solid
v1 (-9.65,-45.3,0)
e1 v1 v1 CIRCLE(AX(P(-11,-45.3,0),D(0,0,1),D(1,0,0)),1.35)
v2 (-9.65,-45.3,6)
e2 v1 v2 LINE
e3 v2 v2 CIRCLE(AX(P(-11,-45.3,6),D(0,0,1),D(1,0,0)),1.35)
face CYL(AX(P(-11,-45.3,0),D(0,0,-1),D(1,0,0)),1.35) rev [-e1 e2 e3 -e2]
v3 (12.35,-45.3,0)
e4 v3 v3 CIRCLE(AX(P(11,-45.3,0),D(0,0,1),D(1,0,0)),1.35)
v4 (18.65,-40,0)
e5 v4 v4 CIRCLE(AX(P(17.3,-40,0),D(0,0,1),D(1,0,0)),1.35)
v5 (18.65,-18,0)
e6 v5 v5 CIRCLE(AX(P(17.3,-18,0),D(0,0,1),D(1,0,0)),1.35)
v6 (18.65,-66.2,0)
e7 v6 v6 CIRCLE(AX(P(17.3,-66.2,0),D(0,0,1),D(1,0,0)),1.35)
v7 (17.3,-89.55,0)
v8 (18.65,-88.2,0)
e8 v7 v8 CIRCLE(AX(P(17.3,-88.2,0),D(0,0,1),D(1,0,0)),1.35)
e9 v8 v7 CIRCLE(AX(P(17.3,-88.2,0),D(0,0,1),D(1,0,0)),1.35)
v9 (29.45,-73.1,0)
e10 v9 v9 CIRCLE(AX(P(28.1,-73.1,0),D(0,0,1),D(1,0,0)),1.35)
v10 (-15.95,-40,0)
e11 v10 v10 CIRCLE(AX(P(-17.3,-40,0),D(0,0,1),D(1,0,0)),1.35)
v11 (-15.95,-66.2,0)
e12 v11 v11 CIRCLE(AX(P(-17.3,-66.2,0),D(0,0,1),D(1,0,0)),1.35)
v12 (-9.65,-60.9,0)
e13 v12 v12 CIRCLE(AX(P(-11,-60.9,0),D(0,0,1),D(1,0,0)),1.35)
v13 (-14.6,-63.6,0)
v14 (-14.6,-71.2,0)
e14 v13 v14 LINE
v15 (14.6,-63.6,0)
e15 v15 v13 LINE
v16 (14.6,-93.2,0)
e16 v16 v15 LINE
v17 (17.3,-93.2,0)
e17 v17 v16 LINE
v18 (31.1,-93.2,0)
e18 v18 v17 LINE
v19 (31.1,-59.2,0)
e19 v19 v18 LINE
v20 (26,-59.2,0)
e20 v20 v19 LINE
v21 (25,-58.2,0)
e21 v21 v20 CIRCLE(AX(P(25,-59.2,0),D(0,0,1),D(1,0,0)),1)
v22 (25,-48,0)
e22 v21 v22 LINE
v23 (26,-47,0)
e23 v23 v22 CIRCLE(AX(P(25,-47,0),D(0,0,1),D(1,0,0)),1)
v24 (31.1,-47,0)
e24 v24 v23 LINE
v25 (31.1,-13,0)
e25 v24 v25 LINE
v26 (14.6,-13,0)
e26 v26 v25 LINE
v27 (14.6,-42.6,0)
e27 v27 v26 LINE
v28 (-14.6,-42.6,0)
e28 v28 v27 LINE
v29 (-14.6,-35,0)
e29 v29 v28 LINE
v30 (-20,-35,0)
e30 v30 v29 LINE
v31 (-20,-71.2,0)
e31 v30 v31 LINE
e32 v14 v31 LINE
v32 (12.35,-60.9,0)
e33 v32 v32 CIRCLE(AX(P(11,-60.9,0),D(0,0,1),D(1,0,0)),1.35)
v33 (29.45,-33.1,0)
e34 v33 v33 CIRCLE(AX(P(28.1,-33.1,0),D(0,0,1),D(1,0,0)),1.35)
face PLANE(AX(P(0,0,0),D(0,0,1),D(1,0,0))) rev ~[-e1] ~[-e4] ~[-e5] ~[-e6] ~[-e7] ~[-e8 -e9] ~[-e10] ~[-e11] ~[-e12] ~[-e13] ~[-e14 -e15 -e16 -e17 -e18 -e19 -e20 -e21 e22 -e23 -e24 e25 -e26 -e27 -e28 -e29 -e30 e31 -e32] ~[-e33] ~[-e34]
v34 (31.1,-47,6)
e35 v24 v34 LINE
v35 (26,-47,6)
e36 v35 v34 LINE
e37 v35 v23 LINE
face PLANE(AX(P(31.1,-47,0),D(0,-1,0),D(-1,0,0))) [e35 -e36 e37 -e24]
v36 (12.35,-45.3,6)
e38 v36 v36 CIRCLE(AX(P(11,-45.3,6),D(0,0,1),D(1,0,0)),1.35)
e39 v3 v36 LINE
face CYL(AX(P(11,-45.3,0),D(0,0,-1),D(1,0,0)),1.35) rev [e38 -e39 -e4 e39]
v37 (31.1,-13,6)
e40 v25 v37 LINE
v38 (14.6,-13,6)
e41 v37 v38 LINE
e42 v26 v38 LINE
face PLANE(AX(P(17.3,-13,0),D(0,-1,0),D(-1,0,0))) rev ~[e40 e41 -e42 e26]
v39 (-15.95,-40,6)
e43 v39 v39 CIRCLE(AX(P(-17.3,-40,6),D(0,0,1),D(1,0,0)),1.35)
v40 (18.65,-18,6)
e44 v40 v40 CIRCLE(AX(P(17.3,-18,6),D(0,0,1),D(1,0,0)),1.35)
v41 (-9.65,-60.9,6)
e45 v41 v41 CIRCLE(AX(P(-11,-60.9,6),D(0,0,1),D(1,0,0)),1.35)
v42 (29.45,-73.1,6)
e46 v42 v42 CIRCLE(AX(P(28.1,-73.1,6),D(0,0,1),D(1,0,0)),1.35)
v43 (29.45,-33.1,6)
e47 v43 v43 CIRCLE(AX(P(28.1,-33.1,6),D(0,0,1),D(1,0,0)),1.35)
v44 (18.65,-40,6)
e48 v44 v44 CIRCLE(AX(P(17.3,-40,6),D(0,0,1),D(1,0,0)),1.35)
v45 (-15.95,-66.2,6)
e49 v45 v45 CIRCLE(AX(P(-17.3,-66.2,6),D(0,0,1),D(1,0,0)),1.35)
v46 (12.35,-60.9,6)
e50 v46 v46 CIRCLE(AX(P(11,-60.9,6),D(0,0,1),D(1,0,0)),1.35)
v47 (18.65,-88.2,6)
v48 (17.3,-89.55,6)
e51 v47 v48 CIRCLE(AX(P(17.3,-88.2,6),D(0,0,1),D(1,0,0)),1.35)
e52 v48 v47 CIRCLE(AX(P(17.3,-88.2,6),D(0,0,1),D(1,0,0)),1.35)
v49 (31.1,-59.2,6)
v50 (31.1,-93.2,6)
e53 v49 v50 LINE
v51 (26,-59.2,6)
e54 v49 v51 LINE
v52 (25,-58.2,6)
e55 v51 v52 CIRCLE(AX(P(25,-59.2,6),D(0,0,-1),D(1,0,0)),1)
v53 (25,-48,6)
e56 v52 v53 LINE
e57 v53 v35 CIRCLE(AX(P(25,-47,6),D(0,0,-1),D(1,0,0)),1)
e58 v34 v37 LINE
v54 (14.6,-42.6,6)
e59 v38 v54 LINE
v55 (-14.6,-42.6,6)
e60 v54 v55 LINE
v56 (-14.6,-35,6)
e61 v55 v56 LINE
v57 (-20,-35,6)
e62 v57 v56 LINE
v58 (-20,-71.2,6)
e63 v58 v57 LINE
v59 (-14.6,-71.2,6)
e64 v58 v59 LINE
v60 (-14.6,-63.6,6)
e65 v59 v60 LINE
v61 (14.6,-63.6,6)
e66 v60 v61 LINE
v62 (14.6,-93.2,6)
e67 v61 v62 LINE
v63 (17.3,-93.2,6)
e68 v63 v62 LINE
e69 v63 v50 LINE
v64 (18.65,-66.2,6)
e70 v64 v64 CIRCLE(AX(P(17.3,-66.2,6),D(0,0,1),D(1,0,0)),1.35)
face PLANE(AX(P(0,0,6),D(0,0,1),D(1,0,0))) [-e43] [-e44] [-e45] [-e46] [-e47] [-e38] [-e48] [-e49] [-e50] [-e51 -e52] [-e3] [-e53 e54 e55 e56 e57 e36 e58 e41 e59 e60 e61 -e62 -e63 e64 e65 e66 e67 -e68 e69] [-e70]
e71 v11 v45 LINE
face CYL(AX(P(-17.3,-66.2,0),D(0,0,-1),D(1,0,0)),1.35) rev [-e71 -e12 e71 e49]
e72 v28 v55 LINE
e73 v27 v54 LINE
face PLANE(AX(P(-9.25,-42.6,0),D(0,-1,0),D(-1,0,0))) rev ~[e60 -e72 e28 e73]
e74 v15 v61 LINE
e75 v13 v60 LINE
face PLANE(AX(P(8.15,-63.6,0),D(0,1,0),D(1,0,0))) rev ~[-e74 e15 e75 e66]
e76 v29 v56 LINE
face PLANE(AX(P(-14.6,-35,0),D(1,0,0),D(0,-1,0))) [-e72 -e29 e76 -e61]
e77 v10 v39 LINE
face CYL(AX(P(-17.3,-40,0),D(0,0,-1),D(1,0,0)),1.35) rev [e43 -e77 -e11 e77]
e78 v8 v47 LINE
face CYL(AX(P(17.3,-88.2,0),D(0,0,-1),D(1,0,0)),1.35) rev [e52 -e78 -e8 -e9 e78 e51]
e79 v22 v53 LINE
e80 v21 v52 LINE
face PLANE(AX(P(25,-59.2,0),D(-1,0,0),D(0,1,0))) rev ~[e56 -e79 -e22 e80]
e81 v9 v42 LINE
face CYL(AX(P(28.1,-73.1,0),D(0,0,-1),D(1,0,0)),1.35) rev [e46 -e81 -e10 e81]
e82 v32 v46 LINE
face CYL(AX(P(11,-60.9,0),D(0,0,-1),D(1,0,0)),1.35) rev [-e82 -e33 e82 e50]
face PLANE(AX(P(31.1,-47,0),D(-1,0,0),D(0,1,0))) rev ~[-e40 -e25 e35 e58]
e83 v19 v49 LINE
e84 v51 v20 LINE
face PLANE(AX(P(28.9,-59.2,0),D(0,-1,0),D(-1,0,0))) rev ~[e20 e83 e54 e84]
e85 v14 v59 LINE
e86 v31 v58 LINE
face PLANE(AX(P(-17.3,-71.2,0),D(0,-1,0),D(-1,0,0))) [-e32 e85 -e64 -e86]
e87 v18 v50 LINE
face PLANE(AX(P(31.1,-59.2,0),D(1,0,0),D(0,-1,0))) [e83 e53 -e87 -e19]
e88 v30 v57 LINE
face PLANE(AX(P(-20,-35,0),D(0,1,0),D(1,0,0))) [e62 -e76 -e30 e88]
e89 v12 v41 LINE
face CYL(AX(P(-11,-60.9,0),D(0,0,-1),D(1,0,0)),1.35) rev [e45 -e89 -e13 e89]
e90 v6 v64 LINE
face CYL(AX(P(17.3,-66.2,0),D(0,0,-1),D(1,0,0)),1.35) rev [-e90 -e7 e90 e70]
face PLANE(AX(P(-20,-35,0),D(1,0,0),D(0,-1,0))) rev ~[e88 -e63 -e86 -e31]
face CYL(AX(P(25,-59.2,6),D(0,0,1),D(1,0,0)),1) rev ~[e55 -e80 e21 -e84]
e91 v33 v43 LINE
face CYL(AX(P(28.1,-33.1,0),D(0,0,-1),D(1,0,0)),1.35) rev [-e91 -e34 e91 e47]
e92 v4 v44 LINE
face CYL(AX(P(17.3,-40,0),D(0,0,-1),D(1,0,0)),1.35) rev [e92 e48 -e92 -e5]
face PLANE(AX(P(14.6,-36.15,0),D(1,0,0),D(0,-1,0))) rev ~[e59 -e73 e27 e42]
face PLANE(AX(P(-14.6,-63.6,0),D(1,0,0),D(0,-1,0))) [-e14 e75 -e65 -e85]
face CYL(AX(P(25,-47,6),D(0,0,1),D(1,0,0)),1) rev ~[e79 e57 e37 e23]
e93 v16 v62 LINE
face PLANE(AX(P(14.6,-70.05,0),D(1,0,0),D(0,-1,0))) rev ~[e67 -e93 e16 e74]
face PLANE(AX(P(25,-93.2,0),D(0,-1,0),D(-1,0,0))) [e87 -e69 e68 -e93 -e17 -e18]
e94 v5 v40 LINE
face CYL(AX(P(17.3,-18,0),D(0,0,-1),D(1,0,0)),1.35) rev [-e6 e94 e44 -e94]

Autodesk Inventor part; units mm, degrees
ref_plane "YZ Plane" through (0, 0, 0) normal (1, 0, 0) x (0, 1, 0)
ref_plane "XZ Plane" through (0, 0, 0) normal (0, 1, 0) x (-1, 0, 0)
ref_plane "XY Plane" through (0, 0, 0) normal (0, 0, 1) x (1, 0, 0)
ref_plane "작업 평면1" through (0, 0, 0) normal (0, 0, 1) x (1, 0, 0)
sketch "스케치1" plane through (0, 0, 0) normal (0, 0, 1) x (1, 0, 0)
  arc A0 (-19.5808, 6.2636) -> (-20.1, 4.5766) centre (-17.1, 4.5766) ccw projected
  line L0 (-20.1, -39.6766) -> (-20.1, 4.5766) projected
  arc A1 (-20.1, -39.6766) -> (-19.5808, -41.3636) centre (-17.1, -39.6766) ccw projected
  line L1 (-15.8929, -46.7869) -> (-19.5808, -41.3636) projected
  arc A2 (-15.8929, -46.7869) -> (-13.4121, -48.1) centre (-13.4121, -45.1) ccw projected
  line L2 (13.4121, -48.1) -> (-13.4121, -48.1) projected
  arc A3 (13.4121, -48.1) -> (15.8929, -46.7869) centre (13.4121, -45.1) ccw projected
  line L3 (19.5808, -41.3636) -> (15.8929, -46.7869) projected
  arc A4 (19.5808, -41.3636) -> (20.1, -39.6766) centre (17.1, -39.6766) ccw projected
  line L4 (20.1, 4.5766) -> (20.1, -39.6766) projected
  arc A5 (20.1, 4.5766) -> (19.5808, 6.2636) centre (17.1, 4.5766) ccw projected
  line L5 (15.5953, 12.1246) -> (19.5808, 6.2636) projected
  arc A6 (15.5953, 12.1246) -> (13.9414, 13) centre (13.9414, 11) ccw projected
  line L6 (7.65, 13) -> (13.9414, 13) projected
  arc A7 (9.15, 11.5) -> (7.65, 13) centre (7.65, 11.5) ccw projected
  line L7 (9.15, 11.5) -> (9.15, 10) projected
  arc A8 (9.15, 10) -> (11.5, 7.65) centre (11.5, 10) ccw projected
  line L8 (11.5, 7.65) -> (13.5, 7.65) projected
  arc A9 (14.5, 6.65) -> (13.5, 7.65) centre (13.5, 6.65) ccw projected
  line L9 (14.5, 6.65) -> (14.5, -36.15) projected
  arc A10 (13.5, -37.15) -> (14.5, -36.15) centre (13.5, -36.15) ccw projected
  line L10 (13.5, -37.15) -> (11.5, -37.15) projected
  arc A11 (11.5, -37.15) -> (9.15, -39.5) centre (11.5, -39.5) ccw projected
  line L11 (9.15, -39.5) -> (9.15, -41.5) projected
  arc A12 (8.15, -42.5) -> (9.15, -41.5) centre (8.15, -41.5) ccw projected
  line L12 (8.15, -42.5) -> (-8.15, -42.5) projected
  arc A13 (-9.15, -41.5) -> (-8.15, -42.5) centre (-8.15, -41.5) ccw projected
  line L13 (-9.15, -41.5) -> (-9.15, -39.5) projected
  arc A14 (-9.15, -39.5) -> (-11.5, -37.15) centre (-11.5, -39.5) ccw projected
  line L14 (-11.5, -37.15) -> (-13.5, -37.15) projected
  arc A15 (-14.5, -36.15) -> (-13.5, -37.15) centre (-13.5, -36.15) ccw projected
  line L15 (-14.5, -36.15) -> (-14.5, 6.65) projected
  arc A16 (-13.5, 7.65) -> (-14.5, 6.65) centre (-13.5, 6.65) ccw projected
  line L16 (-13.5, 7.65) -> (-11.5, 7.65) projected
  arc A17 (-11.5, 7.65) -> (-9.15, 10) centre (-11.5, 10) ccw projected
  line L17 (-9.15, 10) -> (-9.15, 11.5) projected
  arc A18 (-7.65, 13) -> (-9.15, 11.5) centre (-7.65, 11.5) ccw projected
  line L18 (-13.9414, 13) -> (-7.65, 13) projected
  arc A19 (-13.9414, 13) -> (-15.5953, 12.1246) centre (-13.9414, 11) ccw projected
  line L19 (-19.5808, 6.2636) -> (-15.5953, 12.1246) projected
  circle A20 centre (17.3, 4) radius 1.35 projected
  circle A21 centre (17.3, -18) radius 1.35 projected
  circle A22 centre (11, -45.3) radius 1.35 projected
  circle A23 centre (-17.3, 4) radius 1.35 projected
  circle A24 centre (-17.3, -18) radius 1.35 projected
  circle A25 centre (-11, -45.3) radius 1.35 projected
  circle A26 centre (17.3, -40) radius 1.35 projected
  circle A27 centre (-17.3, -40) radius 1.35 projected
  arc A28 (19.5808, -112.4636) -> (20.1, -110.7766) centre (17.1, -110.7766) ccw projected
  line L20 (20.1, -66.5234) -> (20.1, -110.7766) projected
  arc A29 (20.1, -66.5234) -> (19.5808, -64.8364) centre (17.1, -66.5234) ccw projected
  line L21 (15.8929, -59.4131) -> (19.5808, -64.8364) projected
  arc A30 (15.8929, -59.4131) -> (13.4121, -58.1) centre (13.4121, -61.1) ccw projected
  line L22 (-13.4121, -58.1) -> (13.4121, -58.1) projected
  arc A31 (-13.4121, -58.1) -> (-15.8929, -59.4131) centre (-13.4121, -61.1) ccw projected
  line L23 (-19.5808, -64.8364) -> (-15.8929, -59.4131) projected
  arc A32 (-19.5808, -64.8364) -> (-20.1, -66.5234) centre (-17.1, -66.5234) ccw projected
  line L24 (-20.1, -110.7766) -> (-20.1, -66.5234) projected
  arc A33 (-20.1, -110.7766) -> (-19.5808, -112.4636) centre (-17.1, -110.7766) ccw projected
  line L25 (-15.5953, -118.3246) -> (-19.5808, -112.4636) projected
  arc A34 (-15.5953, -118.3246) -> (-13.9414, -119.2) centre (-13.9414, -117.2) ccw projected
  line L26 (-7.65, -119.2) -> (-13.9414, -119.2) projected
  arc A35 (-9.15, -117.7) -> (-7.65, -119.2) centre (-7.65, -117.7) ccw projected
  line L27 (-9.15, -117.7) -> (-9.15, -116.2) projected
  arc A36 (-9.15, -116.2) -> (-11.5, -113.85) centre (-11.5, -116.2) ccw projected
  line L28 (-11.5, -113.85) -> (-13.5, -113.85) projected
  arc A37 (-14.5, -112.85) -> (-13.5, -113.85) centre (-13.5, -112.85) ccw projected
  line L29 (-14.5, -112.85) -> (-14.5, -70.05) projected
  arc A38 (-13.5, -69.05) -> (-14.5, -70.05) centre (-13.5, -70.05) ccw projected
  line L30 (-13.5, -69.05) -> (-11.5, -69.05) projected
  arc A39 (-11.5, -69.05) -> (-9.15, -66.7) centre (-11.5, -66.7) ccw projected
  line L31 (-9.15, -66.7) -> (-9.15, -64.7) projected
  arc A40 (-8.15, -63.7) -> (-9.15, -64.7) centre (-8.15, -64.7) ccw projected
  line L32 (-8.15, -63.7) -> (8.15, -63.7) projected
  arc A41 (9.15, -64.7) -> (8.15, -63.7) centre (8.15, -64.7) ccw projected
  line L33 (9.15, -64.7) -> (9.15, -66.7) projected
  arc A42 (9.15, -66.7) -> (11.5, -69.05) centre (11.5, -66.7) ccw projected
  line L34 (11.5, -69.05) -> (13.5, -69.05) projected
  arc A43 (14.5, -70.05) -> (13.5, -69.05) centre (13.5, -70.05) ccw projected
  line L35 (14.5, -70.05) -> (14.5, -112.85) projected
  arc A44 (13.5, -113.85) -> (14.5, -112.85) centre (13.5, -112.85) ccw projected
  line L36 (13.5, -113.85) -> (11.5, -113.85) projected
  arc A45 (11.5, -113.85) -> (9.15, -116.2) centre (11.5, -116.2) ccw projected
  line L37 (9.15, -116.2) -> (9.15, -117.7) projected
  arc A46 (7.65, -119.2) -> (9.15, -117.7) centre (7.65, -117.7) ccw projected
  line L38 (13.9414, -119.2) -> (7.65, -119.2) projected
  arc A47 (13.9414, -119.2) -> (15.5953, -118.3246) centre (13.9414, -117.2) ccw projected
  line L39 (19.5808, -112.4636) -> (15.5953, -118.3246) projected
  circle A48 centre (-17.3, -110.2) radius 1.35 projected
  circle A49 centre (-17.3, -88.2) radius 1.35 projected
  circle A50 centre (-11, -60.9) radius 1.35 projected
  circle A51 centre (17.3, -110.2) radius 1.35 projected
  circle A52 centre (17.3, -88.2) radius 1.35 projected
  circle A53 centre (11, -60.9) radius 1.35 projected
  circle A54 centre (-17.3, -66.2) radius 1.35 projected
  circle A55 centre (17.3, -66.2) radius 1.35 projected
  line L40 (14.6, -36.15) -> (14.6, 6.65)
  arc A56 (14.6, 6.65) -> (13.5, 7.75) centre (13.5, 6.65) ccw
  line L41 (13.5, 7.75) -> (11.5, 7.75)
  arc A57 (9.25, 10) -> (11.5, 7.75) centre (11.5, 10) ccw
  line L42 (9.25, 10) -> (9.25, 11.5)
  arc A58 (9.25, 11.5) -> (8.4246, 12.9) centre (7.65, 11.5) ccw
  line L43 (8.4246, 12.9) -> (13.9414, 12.9)
  arc A59 (15.5126, 12.0684) -> (13.9414, 12.9) centre (13.9414, 11) ccw
  line L44 (15.5126, 12.0684) -> (19.4981, 6.2073)
  arc A60 (20, 4.5766) -> (19.4981, 6.2073) centre (17.1, 4.5766) ccw
  line L45 (20, 4.5766) -> (20, -13)
  arc A61 (14.5, -47.7882) -> (14.6, -47.7455) centre (13.4121, -45.1) ccw
  arc A62 (-14.6, -47.7455) -> (-14.5, -47.7882) centre (-13.4121, -45.1) ccw
  line L46 (-20, -13) -> (-20, 4.5766)
  arc A63 (-19.4981, 6.2073) -> (-20, 4.5766) centre (-17.1, 4.5766) ccw
  line L47 (-19.4981, 6.2073) -> (-15.5126, 12.0684)
  arc A64 (-13.9414, 12.9) -> (-15.5126, 12.0684) centre (-13.9414, 11) ccw
  line L48 (-13.9414, 12.9) -> (-8.4246, 12.9)
  arc A65 (-8.4246, 12.9) -> (-9.25, 11.5) centre (-7.65, 11.5) ccw
  line L49 (-9.25, 11.5) -> (-9.25, 10)
  arc A66 (-11.5, 7.75) -> (-9.25, 10) centre (-11.5, 10) ccw
  line L50 (-11.5, 7.75) -> (-13.5, 7.75)
  arc A67 (-13.5, 7.75) -> (-14.6, 6.65) centre (-13.5, 6.65) ccw
  line L51 (-14.6, 6.65) -> (-14.6, -36.15)
  arc A68 (-14.6, -36.15) -> (-13.5, -37.25) centre (-13.5, -36.15) ccw
  line L52 (-13.5, -37.25) -> (-11.5, -37.25)
  arc A69 (-9.25, -39.5) -> (-11.5, -37.25) centre (-11.5, -39.5) ccw
  line L53 (-9.25, -39.5) -> (-9.25, -41.5)
  arc A70 (-9.25, -41.5) -> (-8.15, -42.6) centre (-8.15, -41.5) ccw
  line L54 (-8.15, -42.6) -> (8.15, -42.6)
  arc A71 (8.15, -42.6) -> (9.25, -41.5) centre (8.15, -41.5) ccw
  line L55 (9.25, -41.5) -> (9.25, -39.5)
  arc A72 (11.5, -37.25) -> (9.25, -39.5) centre (11.5, -39.5) ccw
  line L56 (11.5, -37.25) -> (13.5, -37.25)
  arc A73 (13.5, -37.25) -> (14.6, -36.15) centre (13.5, -36.15) ccw
  line L57 (17.3, -88.2) -> (17.3, -93.2)
  line L58 (17.3, -93.2) -> (20, -93.2)
  line L59 (17.3, -13) -> (20, -13)
  line L60 (17.3, -13) -> (14.6, -13)
  line L61 (17.3, -93.2) -> (14.6, -93.2)
  line L62 (14.6, -13) -> (14.6, -93.2)
  line L63 (20, -13) -> (30, -13)
  line L64 (25, -93.2) -> (20, -93.2)
  circle A74 centre (17.3, -18) radius 1.35
  circle A75 centre (17.3, -40) radius 1.35
  circle A76 centre (17.3, -66.2) radius 1.35
  circle A77 centre (17.3, -88.2) radius 1.35
  line L65 (-14.6, -13) -> (-14.6, -93.2)
  line L66 (14.6, -93.2) -> (14.5, -93.2)
  line L67 (-14.6, -93.2) -> (-20.1, -93.2)
  line L68 (-14.6, -13) -> (-14.5, -13) construction
  line L69 (14.5, -13) -> (65.6, -13) construction
  line L70 (14.6, -13) -> (14.5, -13)
  line L71 (-14.5, -13) -> (-20, -13)
  line L72 (-20, -13) -> (-20.1, -13)
  line L73 (-20.1, -93.2) -> (-20, -93.2)
  circle A78 centre (-17.3, -18) radius 1.35
  circle A79 centre (-17.3, -40) radius 1.35
  circle A80 centre (-17.3, -88.2) radius 1.35
  line L74 (30, -13) -> (35, -13)
  line L75 (35, -13) -> (35, -93.2)
  line L76 (35, -93.2) -> (30, -93.2)
  line L77 (30, -26.0412) -> (30, -25.8633)
  line L78 (30, -25.8633) -> (30, -26.0412)
  line L79 (30, -37.25) -> (30, -37.15)
  line L80 (30, -37.15) -> (30, -37.25)
  line L81 (30, -42.5) -> (30, -42.6)
  line L82 (30, -48) -> (30, -48.1)
  line L83 (35, -47) -> (28.9, -47)
  line L84 (28.9, -59.2) -> (35, -59.2)
  line L85 (35, -59.2) -> (35, -47)
  line L86 (25, -93.2) -> (25, -13)
  line L87 (25, -47) -> (31.1, -47)
  line L88 (31.1, -47) -> (31.1, -59.2)
  line L89 (31.1, -59.2) -> (25, -59.2)
  line L90 (25, -59.2) -> (25, -47)
  line L91 (31.1, -47) -> (31.1, -13)
  line L92 (31.1, -59.2) -> (31.1, -93.2)
  line L93 (25, -93.2) -> (30, -93.2)
  circle A81 centre (28.1, -33.1) radius 1.35
  circle A82 centre (28.1, -73.1) radius 1.35
  line L94 (8.15, -42.6) -> (14.6, -42.6)
  line L95 (8.15, -63.6) -> (-8.15, -63.6)
  arc A83 (-8.15, -63.6) -> (-9.25, -64.7) centre (-8.15, -64.7) ccw
  line L96 (-9.25, -64.7) -> (-9.25, -66.7)
  arc A84 (-11.5, -68.95) -> (-9.25, -66.7) centre (-11.5, -66.7) ccw
  line L97 (-11.5, -68.95) -> (-13.5, -68.95)
  arc A85 (-13.5, -68.95) -> (-14.6, -70.05) centre (-13.5, -70.05) ccw
  line L98 (-14.6, -70.05) -> (-14.6, -112.85)
  arc A86 (-14.6, -112.85) -> (-13.5, -113.95) centre (-13.5, -112.85) ccw
  line L99 (-13.5, -113.95) -> (-11.5, -113.95)
  arc A87 (-9.25, -116.2) -> (-11.5, -113.95) centre (-11.5, -116.2) ccw
  line L100 (-9.25, -116.2) -> (-9.25, -117.7)
  arc A88 (-9.25, -117.7) -> (-8.4246, -119.1) centre (-7.65, -117.7) ccw
  line L101 (-8.4246, -119.1) -> (-13.9414, -119.1)
  arc A89 (-15.5126, -118.2684) -> (-13.9414, -119.1) centre (-13.9414, -117.2) ccw
  line L102 (-15.5126, -118.2684) -> (-19.4981, -112.4073)
  arc A90 (-20, -110.7766) -> (-19.4981, -112.4073) centre (-17.1, -110.7766) ccw
  line L103 (-20, -110.7766) -> (-20, -66.5234)
  arc A91 (15.8102, -59.4693) -> (14.6, -58.4545) centre (13.4121, -61.1) ccw
  line L104 (15.8102, -59.4693) -> (19.4981, -64.8927)
  arc A92 (20, -66.5234) -> (19.4981, -64.8927) centre (17.1, -66.5234) ccw
  line L105 (20, -66.5234) -> (20, -110.7766)
  arc A93 (19.4981, -112.4073) -> (20, -110.7766) centre (17.1, -110.7766) ccw
  line L106 (19.4981, -112.4073) -> (15.5126, -118.2684)
  arc A94 (13.9414, -119.1) -> (15.5126, -118.2684) centre (13.9414, -117.2) ccw
  line L107 (13.9414, -119.1) -> (8.4246, -119.1)
  arc A95 (8.4246, -119.1) -> (9.25, -117.7) centre (7.65, -117.7) ccw
  line L108 (9.25, -117.7) -> (9.25, -116.2)
  arc A96 (11.5, -113.95) -> (9.25, -116.2) centre (11.5, -116.2) ccw
  line L109 (11.5, -113.95) -> (13.5, -113.95)
  arc A97 (13.5, -113.95) -> (14.6, -112.85) centre (13.5, -112.85) ccw
  line L110 (14.6, -112.85) -> (14.6, -70.05)
  arc A98 (14.6, -70.05) -> (13.5, -68.95) centre (13.5, -70.05) ccw
  line L111 (13.5, -68.95) -> (11.5, -68.95)
  arc A99 (9.25, -66.7) -> (11.5, -68.95) centre (11.5, -66.7) ccw
  line L112 (9.25, -66.7) -> (9.25, -64.7)
  arc A100 (9.25, -64.7) -> (8.15, -63.6) centre (8.15, -64.7) ccw
  line L113 (14.6, -42.6) -> (-9.25, -42.6)
  line L114 (-9.25, -63.6) -> (14.6, -63.6)
  line L115 (14.6, -63.6) -> (14.6, -42.6)
  circle A101 centre (11, -45.3) radius 1.35
  circle A102 centre (11, -60.9) radius 1.35
  circle A103 centre (-11, -45.3) radius 1.35
  circle A104 centre (-11, -60.9) radius 1.35
  line L116 (-9.25, -42.6) -> (-14.6, -42.6)
  line L117 (-14.6, -42.6) -> (-14.6, -63.6)
  line L118 (-14.6, -63.6) -> (-9.25, -63.6)
  line L119 (-20, -13) -> (-20, -93.2)
  circle A105 centre (-17.3, -66.2) radius 1.35
  line L120 (-20, -35) -> (-14.6, -35)
  line L121 (-17.3, -71.2) -> (-14.6, -71.2)
  line L122 (-17.3, -71.2) -> (-20, -71.2)
  point P0 (0, 0)
  point P1 (30, -93.2)
  point P2 (25, -13)
  point P3 (-8.15, -42.6)
  point P4 (-14.6, -42.6)
  dimension "d0" = 0.1
  dimension "d2" = 5
  dimension "d3" = 5
  dimension "d4" = 5
  dimension "d5" = 2.7
  dimension "d6" = 2.7
  dimension "d7" = 2.7
  dimension "d8" = 2.7
  dimension "d11" = 2.7
  dimension "d12" = 2.7
  dimension "d14" = 2.7
  dimension "d16" = 6.1
  dimension "d17" = 12.2
  dimension "d31" = 6.1
  dimension "d36" = 2.7
  dimension "d37" = 2.7
  dimension "d40" = 0.1
  dimension "d41" = 2.7
  dimension "d42" = 2.7
  dimension "d43" = 2.7
  dimension "d44" = 2.7
extrude "돌출5" add sketch "스케치1" along normal blind 6 contours L119 L120 L51 L65 A2 L1 A1 | A1 L1 A2 L65 A31 L23 A32 L119 | A32 L23 A31 L65 L121 L122 L103 L119 | L65 L116 L113 L54 L94 L62 A3 L2 A2 | A2 L2 A3 L62 A30 L22 A31 L65 | A31 L22 A30 L62 L114 L95 L118 L65 | L62 L40 L60 L59 L63 L4 A4 L3 A3 | A3 L3 A4 L4 L63 L86 L64 L20 A29 L21 A30 L62 | A30 L21 A29 L20 L64 L105 A92 L104 A91 L62 | A91 L104 A92 L105 L58 L61 L62 | L63 L74 L91 L83 L87 L86 | L86 L89 L84 L92 L76 L93
sketch "스케치2" plane through (0, 0, 6) normal (0, 0, 1) x (1, 0, 0)
  line L0 (25, -47) -> (31.1, -47) projected
  line L1 (25, -59.2) -> (25, -47) projected
  line L2 (31.1, -59.2) -> (25, -59.2) projected
  circle A0 centre (25, -47) radius 1
  circle A1 centre (25, -59.2) radius 1
  point P0 (0, 0)
  dimension "d49" = 2
  dimension "d50" = 2
extrude "돌출6" cut sketch "스케치2" against normal blind 6
properties part number "hip joint connector" material "PMMA 플라스틱"
